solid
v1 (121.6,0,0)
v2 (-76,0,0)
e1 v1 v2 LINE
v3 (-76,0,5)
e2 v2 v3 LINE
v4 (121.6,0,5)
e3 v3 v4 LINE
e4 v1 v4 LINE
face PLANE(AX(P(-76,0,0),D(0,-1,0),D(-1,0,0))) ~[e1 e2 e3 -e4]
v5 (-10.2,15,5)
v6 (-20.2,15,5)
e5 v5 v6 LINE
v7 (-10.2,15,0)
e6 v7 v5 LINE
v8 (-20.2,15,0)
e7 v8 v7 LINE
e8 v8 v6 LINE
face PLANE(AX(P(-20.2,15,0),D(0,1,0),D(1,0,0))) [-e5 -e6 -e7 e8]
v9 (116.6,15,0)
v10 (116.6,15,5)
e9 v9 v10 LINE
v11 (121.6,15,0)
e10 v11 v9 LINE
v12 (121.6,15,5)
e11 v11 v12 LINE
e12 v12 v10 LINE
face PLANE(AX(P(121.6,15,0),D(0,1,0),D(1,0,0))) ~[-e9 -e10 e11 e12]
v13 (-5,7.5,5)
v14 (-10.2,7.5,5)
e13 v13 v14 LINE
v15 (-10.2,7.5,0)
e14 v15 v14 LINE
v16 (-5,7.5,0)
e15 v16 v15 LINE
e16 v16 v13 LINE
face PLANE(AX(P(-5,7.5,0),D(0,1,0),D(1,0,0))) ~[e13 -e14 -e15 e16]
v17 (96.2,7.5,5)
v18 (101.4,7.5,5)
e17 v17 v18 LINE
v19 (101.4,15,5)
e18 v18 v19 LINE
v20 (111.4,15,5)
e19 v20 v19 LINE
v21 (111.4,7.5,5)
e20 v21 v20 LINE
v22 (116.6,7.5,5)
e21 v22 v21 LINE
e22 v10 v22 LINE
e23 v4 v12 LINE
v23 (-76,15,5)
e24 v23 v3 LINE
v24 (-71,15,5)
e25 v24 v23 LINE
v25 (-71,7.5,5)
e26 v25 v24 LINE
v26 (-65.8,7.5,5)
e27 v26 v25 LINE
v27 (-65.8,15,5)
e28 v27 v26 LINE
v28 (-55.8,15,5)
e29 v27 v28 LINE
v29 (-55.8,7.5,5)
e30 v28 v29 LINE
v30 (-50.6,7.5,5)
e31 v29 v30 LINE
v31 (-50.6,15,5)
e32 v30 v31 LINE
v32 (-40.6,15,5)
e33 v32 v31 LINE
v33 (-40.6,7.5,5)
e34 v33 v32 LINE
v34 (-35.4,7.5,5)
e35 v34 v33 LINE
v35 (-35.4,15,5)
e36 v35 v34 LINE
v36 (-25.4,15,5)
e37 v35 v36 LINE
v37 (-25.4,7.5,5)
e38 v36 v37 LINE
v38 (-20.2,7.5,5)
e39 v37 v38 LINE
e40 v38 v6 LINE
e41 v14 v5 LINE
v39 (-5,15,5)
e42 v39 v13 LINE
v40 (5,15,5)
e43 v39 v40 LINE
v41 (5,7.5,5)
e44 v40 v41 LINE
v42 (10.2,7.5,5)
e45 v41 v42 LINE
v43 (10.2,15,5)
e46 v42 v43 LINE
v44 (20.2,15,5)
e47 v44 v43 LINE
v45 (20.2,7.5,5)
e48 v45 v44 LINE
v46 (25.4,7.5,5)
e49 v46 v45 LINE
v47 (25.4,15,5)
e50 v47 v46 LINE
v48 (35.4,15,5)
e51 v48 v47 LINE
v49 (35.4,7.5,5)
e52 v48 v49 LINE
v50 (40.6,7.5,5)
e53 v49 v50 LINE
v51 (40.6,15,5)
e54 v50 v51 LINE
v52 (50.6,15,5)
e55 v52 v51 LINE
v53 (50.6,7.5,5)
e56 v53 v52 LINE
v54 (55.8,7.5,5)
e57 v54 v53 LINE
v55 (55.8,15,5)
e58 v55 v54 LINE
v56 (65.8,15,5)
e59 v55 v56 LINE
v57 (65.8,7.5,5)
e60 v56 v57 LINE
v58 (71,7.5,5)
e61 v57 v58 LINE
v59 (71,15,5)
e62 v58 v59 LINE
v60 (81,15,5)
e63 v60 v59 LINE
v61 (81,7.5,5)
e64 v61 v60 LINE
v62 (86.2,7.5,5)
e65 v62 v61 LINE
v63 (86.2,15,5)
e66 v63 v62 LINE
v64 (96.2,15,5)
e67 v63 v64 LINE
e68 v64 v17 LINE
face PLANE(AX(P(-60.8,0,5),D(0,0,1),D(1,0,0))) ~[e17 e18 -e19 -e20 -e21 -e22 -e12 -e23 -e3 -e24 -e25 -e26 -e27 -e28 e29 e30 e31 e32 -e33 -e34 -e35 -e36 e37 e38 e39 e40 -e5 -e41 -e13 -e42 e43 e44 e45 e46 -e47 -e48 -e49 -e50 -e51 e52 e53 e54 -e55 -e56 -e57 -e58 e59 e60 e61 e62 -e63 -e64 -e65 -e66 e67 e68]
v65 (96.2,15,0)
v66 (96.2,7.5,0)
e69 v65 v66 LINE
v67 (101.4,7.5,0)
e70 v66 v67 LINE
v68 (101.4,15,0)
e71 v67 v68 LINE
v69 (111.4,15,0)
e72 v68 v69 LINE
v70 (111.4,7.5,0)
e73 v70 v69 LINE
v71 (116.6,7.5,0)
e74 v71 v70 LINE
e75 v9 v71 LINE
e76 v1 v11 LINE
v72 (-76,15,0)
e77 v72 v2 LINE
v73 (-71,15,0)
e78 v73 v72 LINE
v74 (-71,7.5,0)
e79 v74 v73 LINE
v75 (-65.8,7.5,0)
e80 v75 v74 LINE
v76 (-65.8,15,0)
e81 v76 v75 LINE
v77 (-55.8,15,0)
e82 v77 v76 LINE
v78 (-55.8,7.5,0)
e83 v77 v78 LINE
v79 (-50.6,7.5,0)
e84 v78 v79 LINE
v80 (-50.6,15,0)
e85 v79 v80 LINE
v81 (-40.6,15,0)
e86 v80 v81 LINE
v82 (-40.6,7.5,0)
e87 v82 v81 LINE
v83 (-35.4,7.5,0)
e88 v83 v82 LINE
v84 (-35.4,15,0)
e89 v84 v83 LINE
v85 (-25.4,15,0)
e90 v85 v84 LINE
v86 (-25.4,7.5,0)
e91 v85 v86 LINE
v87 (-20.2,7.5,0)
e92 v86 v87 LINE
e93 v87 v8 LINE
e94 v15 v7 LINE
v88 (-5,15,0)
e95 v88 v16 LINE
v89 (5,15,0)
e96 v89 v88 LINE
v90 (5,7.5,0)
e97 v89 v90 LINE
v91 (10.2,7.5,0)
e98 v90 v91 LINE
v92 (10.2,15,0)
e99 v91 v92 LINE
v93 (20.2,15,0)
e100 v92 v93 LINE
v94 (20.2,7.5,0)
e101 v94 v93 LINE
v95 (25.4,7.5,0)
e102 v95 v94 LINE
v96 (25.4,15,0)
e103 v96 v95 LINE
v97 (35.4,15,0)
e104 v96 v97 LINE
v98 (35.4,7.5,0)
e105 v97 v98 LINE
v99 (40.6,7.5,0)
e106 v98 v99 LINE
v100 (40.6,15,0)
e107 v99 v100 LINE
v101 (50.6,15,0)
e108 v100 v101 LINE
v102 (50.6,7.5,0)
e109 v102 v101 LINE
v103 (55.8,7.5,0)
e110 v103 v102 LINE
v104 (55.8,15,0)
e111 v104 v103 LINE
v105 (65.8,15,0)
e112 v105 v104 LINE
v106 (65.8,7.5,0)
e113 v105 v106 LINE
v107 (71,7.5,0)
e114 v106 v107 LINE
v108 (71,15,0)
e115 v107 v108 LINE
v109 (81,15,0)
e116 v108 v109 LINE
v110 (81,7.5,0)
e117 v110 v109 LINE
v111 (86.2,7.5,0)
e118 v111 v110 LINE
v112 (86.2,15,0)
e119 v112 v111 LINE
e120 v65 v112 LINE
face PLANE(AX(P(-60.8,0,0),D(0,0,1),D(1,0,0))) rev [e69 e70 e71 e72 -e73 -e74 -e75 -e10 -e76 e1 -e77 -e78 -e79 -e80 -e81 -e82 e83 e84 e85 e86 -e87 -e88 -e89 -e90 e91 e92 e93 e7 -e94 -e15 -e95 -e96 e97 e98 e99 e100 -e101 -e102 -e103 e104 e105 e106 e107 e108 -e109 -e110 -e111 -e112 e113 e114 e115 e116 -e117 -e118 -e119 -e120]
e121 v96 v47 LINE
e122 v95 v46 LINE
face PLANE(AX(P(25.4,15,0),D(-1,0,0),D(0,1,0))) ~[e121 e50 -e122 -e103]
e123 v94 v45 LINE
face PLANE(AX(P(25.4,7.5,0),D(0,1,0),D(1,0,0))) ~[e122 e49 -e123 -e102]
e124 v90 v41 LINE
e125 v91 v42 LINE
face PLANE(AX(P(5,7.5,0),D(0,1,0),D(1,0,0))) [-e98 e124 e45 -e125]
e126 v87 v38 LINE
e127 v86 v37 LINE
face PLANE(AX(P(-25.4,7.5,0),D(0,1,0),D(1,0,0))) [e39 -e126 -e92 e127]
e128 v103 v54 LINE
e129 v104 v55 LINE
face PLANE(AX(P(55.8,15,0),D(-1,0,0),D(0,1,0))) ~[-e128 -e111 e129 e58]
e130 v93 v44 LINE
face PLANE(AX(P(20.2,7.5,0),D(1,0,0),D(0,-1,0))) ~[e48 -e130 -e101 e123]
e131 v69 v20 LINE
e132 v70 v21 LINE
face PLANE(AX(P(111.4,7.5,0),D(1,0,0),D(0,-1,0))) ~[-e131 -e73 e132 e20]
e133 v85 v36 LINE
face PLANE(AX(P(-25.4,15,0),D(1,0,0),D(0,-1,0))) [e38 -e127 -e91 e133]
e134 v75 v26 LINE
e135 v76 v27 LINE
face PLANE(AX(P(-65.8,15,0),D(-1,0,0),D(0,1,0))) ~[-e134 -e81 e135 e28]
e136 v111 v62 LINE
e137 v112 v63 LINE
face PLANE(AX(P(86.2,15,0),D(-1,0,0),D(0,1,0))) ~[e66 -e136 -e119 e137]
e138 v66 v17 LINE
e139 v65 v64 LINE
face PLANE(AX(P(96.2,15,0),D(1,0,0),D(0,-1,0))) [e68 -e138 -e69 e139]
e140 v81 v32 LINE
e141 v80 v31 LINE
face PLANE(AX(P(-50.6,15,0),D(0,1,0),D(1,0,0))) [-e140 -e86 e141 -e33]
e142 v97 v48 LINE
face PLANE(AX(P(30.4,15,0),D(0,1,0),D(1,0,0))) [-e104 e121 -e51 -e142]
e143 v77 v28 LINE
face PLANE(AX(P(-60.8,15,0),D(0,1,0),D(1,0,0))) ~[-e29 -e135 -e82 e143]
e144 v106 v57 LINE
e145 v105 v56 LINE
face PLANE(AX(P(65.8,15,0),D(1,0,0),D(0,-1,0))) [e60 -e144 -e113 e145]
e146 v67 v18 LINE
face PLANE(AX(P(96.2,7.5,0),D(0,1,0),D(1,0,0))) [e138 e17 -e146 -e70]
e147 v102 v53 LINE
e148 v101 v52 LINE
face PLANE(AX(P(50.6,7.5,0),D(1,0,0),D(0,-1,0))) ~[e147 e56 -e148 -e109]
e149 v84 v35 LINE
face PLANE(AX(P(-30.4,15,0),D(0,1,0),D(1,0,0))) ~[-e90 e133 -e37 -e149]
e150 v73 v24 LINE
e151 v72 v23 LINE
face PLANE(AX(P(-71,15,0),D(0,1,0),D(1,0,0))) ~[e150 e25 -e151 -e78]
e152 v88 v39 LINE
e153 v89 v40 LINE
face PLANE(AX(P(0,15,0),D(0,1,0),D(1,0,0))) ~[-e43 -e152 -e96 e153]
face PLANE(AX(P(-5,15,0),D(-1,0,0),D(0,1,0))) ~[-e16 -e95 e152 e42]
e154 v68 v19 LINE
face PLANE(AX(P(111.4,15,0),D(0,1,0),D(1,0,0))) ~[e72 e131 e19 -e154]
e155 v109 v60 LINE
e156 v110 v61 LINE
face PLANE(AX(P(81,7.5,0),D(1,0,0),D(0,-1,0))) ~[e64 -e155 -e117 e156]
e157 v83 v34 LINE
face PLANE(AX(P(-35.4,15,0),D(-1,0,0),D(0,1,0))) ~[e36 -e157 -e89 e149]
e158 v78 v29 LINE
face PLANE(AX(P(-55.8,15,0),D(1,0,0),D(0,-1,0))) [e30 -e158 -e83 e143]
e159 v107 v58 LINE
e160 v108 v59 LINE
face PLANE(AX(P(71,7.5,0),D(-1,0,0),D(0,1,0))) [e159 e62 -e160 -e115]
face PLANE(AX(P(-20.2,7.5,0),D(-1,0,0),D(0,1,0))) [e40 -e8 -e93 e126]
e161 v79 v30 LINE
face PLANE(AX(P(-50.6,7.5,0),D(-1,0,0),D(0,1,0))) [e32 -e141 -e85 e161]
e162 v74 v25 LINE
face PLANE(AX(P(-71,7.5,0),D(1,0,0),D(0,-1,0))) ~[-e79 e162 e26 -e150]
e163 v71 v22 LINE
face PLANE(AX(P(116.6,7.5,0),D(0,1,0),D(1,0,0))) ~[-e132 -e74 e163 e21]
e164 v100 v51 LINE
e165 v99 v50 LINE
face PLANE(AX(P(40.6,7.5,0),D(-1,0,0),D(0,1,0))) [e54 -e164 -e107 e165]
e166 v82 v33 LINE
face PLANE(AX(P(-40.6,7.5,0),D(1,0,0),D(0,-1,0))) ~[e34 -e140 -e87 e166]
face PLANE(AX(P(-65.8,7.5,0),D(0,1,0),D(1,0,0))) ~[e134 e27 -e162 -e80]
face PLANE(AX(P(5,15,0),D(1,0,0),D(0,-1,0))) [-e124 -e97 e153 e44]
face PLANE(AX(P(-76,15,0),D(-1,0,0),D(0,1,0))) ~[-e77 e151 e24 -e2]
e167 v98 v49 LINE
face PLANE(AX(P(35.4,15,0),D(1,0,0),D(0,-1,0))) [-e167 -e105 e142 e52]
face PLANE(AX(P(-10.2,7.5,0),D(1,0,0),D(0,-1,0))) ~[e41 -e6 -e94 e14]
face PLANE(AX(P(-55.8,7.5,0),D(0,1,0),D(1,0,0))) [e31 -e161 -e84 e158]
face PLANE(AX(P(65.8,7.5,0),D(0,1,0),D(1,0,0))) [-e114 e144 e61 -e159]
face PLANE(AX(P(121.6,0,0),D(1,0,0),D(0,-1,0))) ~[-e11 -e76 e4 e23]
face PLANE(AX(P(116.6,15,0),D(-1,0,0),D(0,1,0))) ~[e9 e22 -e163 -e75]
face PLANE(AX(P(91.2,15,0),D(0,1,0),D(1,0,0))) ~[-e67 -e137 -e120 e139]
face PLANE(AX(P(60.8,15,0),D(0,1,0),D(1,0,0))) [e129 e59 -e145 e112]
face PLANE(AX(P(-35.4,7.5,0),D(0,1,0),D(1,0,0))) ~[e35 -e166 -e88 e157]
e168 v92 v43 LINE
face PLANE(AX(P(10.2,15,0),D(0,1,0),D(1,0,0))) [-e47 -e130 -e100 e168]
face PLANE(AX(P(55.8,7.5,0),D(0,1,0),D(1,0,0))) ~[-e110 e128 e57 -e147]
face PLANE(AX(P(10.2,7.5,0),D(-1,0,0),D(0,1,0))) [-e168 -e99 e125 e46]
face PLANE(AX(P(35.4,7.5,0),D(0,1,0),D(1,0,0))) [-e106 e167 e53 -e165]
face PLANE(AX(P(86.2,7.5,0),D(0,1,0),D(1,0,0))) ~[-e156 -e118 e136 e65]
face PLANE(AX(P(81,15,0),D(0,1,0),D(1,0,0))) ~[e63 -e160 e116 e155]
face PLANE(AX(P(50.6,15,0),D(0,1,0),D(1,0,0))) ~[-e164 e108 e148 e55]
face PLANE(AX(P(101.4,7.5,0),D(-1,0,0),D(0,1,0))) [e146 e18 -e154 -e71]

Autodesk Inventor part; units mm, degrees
ref_plane "YZ Plane" through (0, 0, 0) normal (1, 0, 0) x (0, 1, 0)
ref_plane "XZ Plane" through (0, 0, 0) normal (0, 1, 0) x (-1, 0, 0)
sketch "Sketch1" plane through (0, 0, 0) normal (0, 0, 1) x (1, 0, 0)
  line L0 (0, 0) -> (0, 15)
  line L1 (0, 15) -> (5, 15)
  line L2 (5, 15) -> (5, 7.5)
  line L3 (5, 7.5) -> (10.2, 7.5)
  line L4 (10.2, 7.5) -> (10.2, 15)
  line L5 (10.2, 15) -> (15.2, 15)
  line L6 (15.2, 15) -> (15.2, 0)
  line L7 (15.2, 0) -> (0, 0)
  dimension "d0" = 15
  dimension "d1" = 5.2
  dimension "d2" = 5
  dimension "d3" = 5
  dimension "d4" = 7.5
extrude "Extrusion1" add sketch "Sketch1" along normal blind 5
mirror "Mirror1" about plane through (15.2, 0, 0) normal (1, 0, 0) of "Extrusion1"
mirror "Mirror2" about plane through (30.4, 15, 0) normal (1, 0, 0) of "Extrusion1", "Mirror1"
mirror "Mirror3" about plane through (60.8, 15, 0) normal (1, 0, 0) of "Extrusion1", "Mirror1", "Mirror2"
mirror "Mirror4" about plane through (0, 15, 0) normal (-1, 0, 0) of "Extrusion1"
mirror "Mirror5" about plane through (-15.2, 0, 0) normal (-1, 0, 0) of "Extrusion1", "Mirror4"
ref_plane "Work Plane1" through (-30.4, 7.5, 0) normal (1, 0, 0) x (0, 0, -1)
mirror "Mirror6" about plane through (-30.4, 7.5, 0) normal (1, 0, 0) of "Extrusion1", "Mirror4"
ref_plane "Work Plane2" through (-30.4, 7.5, 0) normal (1, 0, 0) x (0, 0, -1)
properties part number "brace"
